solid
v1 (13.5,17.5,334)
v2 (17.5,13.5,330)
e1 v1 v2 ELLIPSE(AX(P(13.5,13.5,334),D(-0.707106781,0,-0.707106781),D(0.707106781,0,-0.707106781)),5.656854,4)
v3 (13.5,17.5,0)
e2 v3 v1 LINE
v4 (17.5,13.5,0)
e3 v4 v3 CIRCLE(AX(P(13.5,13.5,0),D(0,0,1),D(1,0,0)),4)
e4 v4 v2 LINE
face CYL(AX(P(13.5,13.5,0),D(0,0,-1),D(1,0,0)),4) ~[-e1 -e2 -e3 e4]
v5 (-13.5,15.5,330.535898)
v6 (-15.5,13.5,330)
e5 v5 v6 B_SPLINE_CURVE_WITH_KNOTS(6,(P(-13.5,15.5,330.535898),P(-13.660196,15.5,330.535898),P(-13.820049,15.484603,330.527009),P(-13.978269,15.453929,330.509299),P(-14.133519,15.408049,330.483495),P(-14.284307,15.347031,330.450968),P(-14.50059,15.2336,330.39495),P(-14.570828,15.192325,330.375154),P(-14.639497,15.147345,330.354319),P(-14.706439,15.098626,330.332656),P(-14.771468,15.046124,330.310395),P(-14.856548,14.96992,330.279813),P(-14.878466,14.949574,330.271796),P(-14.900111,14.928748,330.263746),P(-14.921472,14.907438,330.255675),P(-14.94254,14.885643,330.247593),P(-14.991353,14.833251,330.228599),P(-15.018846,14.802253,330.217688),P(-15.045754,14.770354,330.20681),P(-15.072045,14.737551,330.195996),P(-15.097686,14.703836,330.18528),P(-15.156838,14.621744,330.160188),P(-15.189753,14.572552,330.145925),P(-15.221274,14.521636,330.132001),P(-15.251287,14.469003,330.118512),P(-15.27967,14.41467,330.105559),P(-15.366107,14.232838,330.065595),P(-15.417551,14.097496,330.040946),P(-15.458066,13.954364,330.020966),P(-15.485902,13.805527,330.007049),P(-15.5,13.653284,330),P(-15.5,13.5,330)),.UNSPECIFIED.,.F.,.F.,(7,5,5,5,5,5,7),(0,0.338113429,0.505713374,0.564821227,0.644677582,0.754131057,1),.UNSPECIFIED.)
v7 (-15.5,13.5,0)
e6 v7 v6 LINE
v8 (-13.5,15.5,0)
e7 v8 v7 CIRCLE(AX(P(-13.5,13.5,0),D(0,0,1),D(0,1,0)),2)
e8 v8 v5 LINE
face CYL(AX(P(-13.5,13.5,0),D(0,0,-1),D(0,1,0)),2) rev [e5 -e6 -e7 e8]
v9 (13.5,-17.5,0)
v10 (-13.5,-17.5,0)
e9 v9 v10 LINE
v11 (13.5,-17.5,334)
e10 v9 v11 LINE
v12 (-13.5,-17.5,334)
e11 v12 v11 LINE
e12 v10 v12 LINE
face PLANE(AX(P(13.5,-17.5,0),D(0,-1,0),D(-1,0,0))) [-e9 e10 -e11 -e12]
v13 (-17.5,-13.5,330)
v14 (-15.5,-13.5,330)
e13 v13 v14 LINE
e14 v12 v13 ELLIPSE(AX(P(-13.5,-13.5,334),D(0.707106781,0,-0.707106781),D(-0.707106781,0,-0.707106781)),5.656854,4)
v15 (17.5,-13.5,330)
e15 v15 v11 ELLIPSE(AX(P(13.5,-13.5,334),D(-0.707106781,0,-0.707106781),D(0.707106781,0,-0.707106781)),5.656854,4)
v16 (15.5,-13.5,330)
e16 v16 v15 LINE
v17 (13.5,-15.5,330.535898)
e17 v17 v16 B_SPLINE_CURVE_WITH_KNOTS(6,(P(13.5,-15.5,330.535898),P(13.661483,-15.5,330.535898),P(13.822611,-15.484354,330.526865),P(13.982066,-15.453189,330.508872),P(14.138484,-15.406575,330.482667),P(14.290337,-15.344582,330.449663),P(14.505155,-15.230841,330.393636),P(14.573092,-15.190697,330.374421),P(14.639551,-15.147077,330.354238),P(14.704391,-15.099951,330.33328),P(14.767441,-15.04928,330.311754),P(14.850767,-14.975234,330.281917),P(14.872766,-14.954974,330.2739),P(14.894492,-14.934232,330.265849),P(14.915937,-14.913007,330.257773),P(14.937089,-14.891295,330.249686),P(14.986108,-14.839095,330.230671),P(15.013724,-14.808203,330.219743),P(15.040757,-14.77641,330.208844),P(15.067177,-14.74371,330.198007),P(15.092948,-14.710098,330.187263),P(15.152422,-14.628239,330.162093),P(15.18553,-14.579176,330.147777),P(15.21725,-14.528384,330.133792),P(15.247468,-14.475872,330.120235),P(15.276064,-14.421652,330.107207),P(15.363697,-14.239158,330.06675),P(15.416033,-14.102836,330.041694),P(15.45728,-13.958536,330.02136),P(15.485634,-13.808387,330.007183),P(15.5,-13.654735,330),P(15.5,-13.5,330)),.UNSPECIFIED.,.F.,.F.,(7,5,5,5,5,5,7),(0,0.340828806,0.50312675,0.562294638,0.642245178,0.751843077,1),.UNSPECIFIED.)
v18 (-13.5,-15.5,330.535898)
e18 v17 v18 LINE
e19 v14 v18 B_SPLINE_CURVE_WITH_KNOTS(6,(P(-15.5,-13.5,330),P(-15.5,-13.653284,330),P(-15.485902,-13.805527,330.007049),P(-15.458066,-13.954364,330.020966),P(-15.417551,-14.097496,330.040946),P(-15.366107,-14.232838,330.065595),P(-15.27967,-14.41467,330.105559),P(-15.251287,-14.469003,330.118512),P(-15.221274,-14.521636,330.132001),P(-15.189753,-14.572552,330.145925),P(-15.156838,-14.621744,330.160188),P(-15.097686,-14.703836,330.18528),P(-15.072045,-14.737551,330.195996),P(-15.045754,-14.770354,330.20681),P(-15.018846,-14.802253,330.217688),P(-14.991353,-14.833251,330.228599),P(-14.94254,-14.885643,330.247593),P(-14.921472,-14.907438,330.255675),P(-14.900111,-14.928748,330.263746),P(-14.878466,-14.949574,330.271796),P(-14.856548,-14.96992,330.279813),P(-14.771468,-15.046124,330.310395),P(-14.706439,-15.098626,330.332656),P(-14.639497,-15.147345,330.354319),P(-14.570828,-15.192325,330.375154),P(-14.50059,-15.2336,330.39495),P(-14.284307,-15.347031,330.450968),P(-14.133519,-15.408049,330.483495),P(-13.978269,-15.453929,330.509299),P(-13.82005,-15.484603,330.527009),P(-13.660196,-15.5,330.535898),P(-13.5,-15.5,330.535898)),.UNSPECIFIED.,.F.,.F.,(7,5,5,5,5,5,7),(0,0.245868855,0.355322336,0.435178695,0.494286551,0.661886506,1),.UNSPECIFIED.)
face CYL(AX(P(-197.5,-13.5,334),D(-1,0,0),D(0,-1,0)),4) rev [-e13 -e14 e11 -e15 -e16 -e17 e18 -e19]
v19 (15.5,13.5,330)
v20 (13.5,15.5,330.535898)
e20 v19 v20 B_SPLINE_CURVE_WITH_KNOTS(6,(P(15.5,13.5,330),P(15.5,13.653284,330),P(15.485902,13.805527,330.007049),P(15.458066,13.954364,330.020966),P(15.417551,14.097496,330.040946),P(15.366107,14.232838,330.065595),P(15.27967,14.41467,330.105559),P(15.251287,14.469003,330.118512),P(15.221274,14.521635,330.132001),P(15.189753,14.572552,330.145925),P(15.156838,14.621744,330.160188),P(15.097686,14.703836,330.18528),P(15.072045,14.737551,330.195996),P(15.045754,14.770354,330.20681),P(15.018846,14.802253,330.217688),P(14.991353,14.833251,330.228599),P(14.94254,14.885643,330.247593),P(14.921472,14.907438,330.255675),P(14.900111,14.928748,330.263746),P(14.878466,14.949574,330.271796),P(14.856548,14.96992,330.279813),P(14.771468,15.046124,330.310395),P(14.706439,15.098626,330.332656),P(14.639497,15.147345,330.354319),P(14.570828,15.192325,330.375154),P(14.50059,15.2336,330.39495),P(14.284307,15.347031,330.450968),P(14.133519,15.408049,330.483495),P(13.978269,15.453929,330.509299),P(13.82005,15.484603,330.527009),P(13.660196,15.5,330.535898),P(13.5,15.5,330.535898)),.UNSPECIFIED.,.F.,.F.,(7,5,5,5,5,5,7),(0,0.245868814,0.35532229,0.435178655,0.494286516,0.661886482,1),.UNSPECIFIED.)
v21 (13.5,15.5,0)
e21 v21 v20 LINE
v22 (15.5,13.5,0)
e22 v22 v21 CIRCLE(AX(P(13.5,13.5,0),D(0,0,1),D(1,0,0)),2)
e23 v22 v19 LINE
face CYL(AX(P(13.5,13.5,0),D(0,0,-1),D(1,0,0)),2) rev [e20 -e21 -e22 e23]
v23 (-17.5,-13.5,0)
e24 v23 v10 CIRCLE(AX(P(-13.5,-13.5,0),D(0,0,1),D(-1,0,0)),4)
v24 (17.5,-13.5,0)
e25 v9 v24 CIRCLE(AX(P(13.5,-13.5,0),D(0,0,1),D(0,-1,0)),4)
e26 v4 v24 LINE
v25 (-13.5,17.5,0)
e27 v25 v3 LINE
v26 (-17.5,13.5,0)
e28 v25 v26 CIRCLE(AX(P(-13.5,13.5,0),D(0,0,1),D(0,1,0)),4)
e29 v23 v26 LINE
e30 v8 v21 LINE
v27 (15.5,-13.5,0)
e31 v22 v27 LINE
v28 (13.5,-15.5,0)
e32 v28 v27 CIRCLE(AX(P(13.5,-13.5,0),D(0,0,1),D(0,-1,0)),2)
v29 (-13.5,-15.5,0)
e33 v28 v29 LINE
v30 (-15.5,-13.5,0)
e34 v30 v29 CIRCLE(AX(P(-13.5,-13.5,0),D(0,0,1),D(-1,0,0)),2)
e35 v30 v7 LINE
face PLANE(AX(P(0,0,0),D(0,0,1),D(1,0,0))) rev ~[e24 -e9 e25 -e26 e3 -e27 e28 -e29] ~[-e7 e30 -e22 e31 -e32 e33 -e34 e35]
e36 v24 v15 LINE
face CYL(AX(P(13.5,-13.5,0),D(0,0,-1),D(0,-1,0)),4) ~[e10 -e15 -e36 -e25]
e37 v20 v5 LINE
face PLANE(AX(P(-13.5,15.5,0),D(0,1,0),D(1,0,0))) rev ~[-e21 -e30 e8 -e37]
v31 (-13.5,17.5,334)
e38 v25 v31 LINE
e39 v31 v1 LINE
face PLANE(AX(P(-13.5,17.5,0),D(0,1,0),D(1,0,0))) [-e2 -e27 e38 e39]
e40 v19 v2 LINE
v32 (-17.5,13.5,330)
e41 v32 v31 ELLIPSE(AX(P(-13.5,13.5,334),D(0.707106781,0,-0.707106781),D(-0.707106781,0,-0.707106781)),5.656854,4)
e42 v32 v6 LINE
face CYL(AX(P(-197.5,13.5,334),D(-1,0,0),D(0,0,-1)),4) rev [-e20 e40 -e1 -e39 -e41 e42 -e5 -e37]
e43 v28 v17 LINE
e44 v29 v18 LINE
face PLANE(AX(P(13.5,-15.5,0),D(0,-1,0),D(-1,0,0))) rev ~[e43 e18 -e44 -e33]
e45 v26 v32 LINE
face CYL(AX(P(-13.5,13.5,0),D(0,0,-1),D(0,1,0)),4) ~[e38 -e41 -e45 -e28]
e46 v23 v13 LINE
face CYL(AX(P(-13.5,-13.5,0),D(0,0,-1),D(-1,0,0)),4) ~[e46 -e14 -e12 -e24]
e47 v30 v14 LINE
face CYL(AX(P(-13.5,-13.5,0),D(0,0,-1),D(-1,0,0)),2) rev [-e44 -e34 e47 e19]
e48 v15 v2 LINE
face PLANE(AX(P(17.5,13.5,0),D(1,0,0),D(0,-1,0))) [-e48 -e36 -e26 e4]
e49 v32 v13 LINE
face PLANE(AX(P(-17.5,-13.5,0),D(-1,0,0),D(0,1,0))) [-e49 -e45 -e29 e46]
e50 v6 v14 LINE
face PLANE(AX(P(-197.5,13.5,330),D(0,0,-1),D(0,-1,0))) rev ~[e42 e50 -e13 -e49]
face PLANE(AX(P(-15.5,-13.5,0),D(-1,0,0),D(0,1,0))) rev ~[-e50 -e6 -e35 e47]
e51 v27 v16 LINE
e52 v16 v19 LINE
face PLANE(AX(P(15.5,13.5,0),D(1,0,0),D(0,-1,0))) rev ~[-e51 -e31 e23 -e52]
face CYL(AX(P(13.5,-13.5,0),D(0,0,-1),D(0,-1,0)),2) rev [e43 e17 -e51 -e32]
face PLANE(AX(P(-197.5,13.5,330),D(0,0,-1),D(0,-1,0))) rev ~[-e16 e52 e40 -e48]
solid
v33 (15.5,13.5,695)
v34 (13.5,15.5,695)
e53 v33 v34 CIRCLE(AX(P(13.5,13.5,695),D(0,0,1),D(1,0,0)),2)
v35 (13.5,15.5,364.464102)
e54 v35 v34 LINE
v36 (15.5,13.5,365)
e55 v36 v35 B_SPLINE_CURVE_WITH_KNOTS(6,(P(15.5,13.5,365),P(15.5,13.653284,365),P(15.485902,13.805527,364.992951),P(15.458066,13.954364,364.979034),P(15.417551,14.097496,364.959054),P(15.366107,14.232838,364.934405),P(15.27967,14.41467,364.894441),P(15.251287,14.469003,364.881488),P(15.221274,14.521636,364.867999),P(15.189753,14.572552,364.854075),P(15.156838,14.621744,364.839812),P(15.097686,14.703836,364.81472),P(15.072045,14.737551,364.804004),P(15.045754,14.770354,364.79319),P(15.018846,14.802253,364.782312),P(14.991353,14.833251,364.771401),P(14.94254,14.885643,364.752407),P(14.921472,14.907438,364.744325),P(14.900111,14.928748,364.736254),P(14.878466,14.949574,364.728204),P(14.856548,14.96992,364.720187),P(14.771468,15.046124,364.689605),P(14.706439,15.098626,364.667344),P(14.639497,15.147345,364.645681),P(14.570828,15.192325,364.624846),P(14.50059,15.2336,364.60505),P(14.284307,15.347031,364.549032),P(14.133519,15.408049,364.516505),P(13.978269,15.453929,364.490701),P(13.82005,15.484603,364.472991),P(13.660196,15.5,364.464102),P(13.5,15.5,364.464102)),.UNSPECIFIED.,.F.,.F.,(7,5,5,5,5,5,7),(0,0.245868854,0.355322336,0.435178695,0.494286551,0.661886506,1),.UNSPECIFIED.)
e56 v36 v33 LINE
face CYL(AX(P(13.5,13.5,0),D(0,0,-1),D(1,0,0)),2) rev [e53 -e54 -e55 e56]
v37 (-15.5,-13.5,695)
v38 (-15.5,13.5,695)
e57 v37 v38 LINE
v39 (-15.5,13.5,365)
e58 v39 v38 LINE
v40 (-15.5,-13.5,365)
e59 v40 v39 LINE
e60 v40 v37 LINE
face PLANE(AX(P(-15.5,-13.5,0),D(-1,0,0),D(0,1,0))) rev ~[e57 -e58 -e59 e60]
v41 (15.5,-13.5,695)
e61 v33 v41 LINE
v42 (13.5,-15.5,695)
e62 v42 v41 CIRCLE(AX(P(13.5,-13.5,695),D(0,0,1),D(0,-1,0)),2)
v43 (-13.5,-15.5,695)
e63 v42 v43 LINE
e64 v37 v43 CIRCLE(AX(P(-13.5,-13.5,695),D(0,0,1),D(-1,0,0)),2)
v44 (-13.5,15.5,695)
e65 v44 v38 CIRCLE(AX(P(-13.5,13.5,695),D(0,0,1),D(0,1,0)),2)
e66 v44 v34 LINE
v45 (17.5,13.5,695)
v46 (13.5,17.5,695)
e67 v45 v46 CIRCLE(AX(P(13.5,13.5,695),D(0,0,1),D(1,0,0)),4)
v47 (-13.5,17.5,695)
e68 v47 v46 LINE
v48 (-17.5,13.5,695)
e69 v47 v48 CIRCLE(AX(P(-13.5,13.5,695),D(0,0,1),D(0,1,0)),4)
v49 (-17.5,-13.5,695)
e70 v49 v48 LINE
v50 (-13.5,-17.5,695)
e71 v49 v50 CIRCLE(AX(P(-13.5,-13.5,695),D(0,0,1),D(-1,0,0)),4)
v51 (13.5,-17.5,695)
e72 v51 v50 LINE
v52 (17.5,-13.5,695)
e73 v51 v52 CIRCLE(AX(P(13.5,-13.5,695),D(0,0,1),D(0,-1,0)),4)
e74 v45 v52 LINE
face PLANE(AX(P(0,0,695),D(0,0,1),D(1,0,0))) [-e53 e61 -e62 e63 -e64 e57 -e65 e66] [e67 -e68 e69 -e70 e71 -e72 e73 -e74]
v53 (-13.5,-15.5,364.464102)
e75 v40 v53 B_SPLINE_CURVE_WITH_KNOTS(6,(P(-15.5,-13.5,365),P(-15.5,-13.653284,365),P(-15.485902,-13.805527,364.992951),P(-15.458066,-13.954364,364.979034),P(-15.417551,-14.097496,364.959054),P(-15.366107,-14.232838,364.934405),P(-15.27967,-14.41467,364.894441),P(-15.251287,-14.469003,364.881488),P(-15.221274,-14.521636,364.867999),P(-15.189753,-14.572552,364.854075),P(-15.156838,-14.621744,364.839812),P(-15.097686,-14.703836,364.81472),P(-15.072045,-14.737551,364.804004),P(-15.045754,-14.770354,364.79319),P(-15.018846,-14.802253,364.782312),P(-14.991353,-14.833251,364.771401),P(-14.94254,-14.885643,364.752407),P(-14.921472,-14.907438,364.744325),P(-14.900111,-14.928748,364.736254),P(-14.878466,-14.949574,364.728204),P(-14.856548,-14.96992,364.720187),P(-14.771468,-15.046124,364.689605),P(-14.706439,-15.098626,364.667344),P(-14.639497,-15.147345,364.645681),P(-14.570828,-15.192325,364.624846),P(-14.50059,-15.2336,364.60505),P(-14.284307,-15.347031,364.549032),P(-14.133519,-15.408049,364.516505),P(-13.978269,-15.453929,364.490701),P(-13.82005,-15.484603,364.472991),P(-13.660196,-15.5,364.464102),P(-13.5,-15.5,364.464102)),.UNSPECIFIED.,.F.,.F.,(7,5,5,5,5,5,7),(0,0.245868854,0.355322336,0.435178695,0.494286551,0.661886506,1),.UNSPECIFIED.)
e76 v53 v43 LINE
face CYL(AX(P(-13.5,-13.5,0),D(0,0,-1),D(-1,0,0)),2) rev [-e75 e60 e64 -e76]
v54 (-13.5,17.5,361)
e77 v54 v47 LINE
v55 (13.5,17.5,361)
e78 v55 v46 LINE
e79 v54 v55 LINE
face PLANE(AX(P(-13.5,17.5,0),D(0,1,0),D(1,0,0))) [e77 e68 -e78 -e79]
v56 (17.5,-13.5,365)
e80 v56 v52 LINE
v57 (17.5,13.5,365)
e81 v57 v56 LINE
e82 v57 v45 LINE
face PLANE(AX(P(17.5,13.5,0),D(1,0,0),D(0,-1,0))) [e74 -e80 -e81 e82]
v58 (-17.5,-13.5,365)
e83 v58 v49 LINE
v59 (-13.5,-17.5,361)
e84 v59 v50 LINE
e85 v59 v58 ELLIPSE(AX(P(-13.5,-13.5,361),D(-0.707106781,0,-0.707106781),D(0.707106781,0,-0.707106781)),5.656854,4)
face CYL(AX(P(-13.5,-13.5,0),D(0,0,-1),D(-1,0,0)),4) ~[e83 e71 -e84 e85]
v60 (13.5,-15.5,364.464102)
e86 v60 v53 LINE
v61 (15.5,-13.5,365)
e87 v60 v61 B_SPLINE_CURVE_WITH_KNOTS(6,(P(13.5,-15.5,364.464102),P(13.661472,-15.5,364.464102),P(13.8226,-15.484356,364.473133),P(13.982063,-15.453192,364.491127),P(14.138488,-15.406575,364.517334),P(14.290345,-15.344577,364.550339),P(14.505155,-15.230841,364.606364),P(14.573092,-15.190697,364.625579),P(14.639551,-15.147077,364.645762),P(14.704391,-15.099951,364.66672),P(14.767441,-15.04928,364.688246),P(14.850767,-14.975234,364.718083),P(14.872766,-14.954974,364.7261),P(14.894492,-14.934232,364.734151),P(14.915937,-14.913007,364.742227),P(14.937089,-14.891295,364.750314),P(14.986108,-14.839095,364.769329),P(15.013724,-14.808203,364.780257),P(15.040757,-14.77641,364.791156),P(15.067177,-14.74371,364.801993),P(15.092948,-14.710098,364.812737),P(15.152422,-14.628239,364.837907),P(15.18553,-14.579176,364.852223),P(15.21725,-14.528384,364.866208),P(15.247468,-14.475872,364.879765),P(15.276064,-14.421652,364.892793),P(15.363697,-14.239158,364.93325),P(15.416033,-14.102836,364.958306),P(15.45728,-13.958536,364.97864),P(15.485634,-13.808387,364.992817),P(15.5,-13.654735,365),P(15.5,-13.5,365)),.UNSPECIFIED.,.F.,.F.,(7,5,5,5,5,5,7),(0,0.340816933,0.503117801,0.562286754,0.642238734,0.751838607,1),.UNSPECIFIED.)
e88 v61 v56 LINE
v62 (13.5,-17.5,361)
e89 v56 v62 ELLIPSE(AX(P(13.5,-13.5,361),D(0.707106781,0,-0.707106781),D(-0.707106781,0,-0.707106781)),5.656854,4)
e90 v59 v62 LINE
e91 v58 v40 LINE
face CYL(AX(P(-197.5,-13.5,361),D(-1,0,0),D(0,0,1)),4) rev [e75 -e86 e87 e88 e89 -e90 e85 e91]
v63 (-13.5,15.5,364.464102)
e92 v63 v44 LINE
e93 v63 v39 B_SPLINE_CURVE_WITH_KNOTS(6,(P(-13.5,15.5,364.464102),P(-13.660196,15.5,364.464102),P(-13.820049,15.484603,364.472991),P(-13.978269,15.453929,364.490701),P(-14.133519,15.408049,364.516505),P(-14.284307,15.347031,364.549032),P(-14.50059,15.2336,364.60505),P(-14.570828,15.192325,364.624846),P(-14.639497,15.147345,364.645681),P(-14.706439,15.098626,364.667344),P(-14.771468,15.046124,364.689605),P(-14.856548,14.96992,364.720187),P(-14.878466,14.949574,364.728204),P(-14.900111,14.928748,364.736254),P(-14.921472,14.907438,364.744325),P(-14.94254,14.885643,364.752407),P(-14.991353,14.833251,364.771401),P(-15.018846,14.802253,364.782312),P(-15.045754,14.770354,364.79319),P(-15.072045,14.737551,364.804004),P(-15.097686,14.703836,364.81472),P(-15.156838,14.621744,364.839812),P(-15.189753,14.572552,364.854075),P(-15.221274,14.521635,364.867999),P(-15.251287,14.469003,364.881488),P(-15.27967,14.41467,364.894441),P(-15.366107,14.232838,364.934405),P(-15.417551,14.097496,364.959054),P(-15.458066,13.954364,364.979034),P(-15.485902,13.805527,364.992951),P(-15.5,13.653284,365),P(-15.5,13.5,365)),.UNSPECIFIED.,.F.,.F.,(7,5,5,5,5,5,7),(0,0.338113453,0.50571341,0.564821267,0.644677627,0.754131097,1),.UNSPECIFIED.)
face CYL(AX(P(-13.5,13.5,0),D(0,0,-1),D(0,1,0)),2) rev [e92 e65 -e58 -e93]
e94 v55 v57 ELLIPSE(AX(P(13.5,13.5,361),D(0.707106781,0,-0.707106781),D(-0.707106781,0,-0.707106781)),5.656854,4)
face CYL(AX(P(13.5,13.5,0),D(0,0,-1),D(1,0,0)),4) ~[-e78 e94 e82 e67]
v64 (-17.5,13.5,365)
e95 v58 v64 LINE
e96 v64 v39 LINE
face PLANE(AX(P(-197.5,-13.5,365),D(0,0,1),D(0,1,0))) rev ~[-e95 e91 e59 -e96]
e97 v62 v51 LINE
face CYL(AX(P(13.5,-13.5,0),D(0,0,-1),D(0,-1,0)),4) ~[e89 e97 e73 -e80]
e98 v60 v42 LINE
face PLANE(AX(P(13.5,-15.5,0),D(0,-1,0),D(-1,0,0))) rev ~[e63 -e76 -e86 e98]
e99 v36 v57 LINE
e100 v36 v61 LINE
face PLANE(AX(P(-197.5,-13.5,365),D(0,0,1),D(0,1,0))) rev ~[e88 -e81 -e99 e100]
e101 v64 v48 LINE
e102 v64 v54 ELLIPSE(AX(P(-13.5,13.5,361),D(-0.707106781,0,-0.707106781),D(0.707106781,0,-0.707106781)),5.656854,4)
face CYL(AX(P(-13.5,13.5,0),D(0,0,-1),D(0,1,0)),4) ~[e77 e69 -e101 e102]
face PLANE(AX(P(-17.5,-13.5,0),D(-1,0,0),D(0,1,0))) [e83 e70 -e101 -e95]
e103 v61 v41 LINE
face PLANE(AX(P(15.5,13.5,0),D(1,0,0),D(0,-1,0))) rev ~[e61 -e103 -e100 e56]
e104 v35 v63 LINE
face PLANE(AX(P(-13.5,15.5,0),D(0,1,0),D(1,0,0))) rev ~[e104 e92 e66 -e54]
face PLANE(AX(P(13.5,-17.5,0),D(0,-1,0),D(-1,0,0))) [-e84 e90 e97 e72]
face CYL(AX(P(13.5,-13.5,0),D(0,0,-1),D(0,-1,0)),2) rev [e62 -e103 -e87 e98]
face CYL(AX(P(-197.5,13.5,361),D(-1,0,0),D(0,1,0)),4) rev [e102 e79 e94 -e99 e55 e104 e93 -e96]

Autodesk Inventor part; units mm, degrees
ref_plane "Start plane" through (0, 0, 0) normal (0, 0, 1) x (1, 0, 0)
ref_plane "End plane" through (0, 0, 695) normal (0, 0, 1) x (1, 0, 0)
sketch "Sketch" plane through (0, 0, 0) normal (0, 0, 1) x (1, 0, 0)
  line L0 (-17.5, -13.5) -> (-17.5, 13.5)
  line L1 (-13.5, 17.5) -> (13.5, 17.5)
  line L2 (17.5, 13.5) -> (17.5, -13.5)
  line L3 (13.5, -17.5) -> (-13.5, -17.5)
  arc A0 (-17.5, -13.5) -> (-13.5, -17.5) centre (-13.5, -13.5) ccw
  arc A1 (-13.5, 17.5) -> (-17.5, 13.5) centre (-13.5, 13.5) ccw
  arc A2 (17.5, 13.5) -> (13.5, 17.5) centre (13.5, 13.5) ccw
  arc A3 (13.5, -17.5) -> (17.5, -13.5) centre (13.5, -13.5) ccw
  arc A4 (-13.5, 15.5) -> (-15.5, 13.5) centre (-13.5, 13.5) ccw
  line L4 (-13.5, 15.5) -> (13.5, 15.5)
  arc A5 (15.5, 13.5) -> (13.5, 15.5) centre (13.5, 13.5) ccw
  line L5 (15.5, 13.5) -> (15.5, -13.5)
  arc A6 (13.5, -15.5) -> (15.5, -13.5) centre (13.5, -13.5) ccw
  line L6 (13.5, -15.5) -> (-13.5, -15.5)
  arc A7 (-15.5, -13.5) -> (-13.5, -15.5) centre (-13.5, -13.5) ccw
  line L7 (-15.5, -13.5) -> (-15.5, 13.5)
  line L8 (0, 25.6598) -> (0, -25.6598) construction
  line L9 (-25.6598, 0) -> (25.6598, 0) construction
  dimension "d7" = 4
  dimension "d10" = 35
  dimension "d11" = 35
  dimension "d12" = 2
  dimension "d15" = 17.5
  dimension "d16" = 17.5
extrude "Body" add sketch "Sketch" along normal up to surface (695 mm away) from surface at 0
sketch "Sketch3" plane through (0, 0, 0) normal (0, 0, 1) x (1, 0, 0)
  line L0 (0, 0) -> (10, 0)
ref_plane "Work Plane3" through (0, 0, 0) normal (0, -1, 0) x (1, 0, 0)
sketch "Sketch4" plane through (0, 0, 0) normal (0, -1, 0) x (1, 0, 0)
  line L0 (-2, 0) -> (12, 0)
  line L1 (-2, 695) -> (12, 695)
  dimension "d18" = 695
ref_plane "Work Plane4" through (-197.5, 0, 347.5) normal (1, 0, 0) x (0, 0, -1)
ref_plane "Work Plane5" through (197.5, 0, 347.5) normal (1, 0, 0) x (0, 0, -1)
ref_plane "Work Plane6" through (0, 0, 347.5) normal (1, 0, 0) x (0, 0, -1)
sketch "Sketch5" plane through (0, 0, 347.5) normal (1, 0, 0) x (0, 0, -1)
  arc A0 (-17.5, -13.5) -> (-13.5, -17.5) centre (-13.5, -13.5) ccw
  line L0 (-17.5, -13.5) -> (-17.5, 13.5)
  arc A1 (-13.5, 17.5) -> (-17.5, 13.5) centre (-13.5, 13.5) ccw
  line L1 (-13.5, 17.5) -> (13.5, 17.5)
  arc A2 (17.5, 13.5) -> (13.5, 17.5) centre (13.5, 13.5) ccw
  line L2 (17.5, 13.5) -> (17.5, -13.5)
  arc A3 (13.5, -17.5) -> (17.5, -13.5) centre (13.5, -13.5) ccw
  line L3 (13.5, -17.5) -> (-13.5, -17.5)
  arc A4 (-13.5, 15.5) -> (-15.5, 13.5) centre (-13.5, 13.5) ccw
  line L4 (-13.5, 15.5) -> (13.5, 15.5)
  arc A5 (15.5, 13.5) -> (13.5, 15.5) centre (13.5, 13.5) ccw
  line L5 (15.5, 13.5) -> (15.5, -13.5)
  arc A6 (13.5, -15.5) -> (15.5, -13.5) centre (13.5, -13.5) ccw
  line L6 (13.5, -15.5) -> (-13.5, -15.5)
  arc A7 (-15.5, -13.5) -> (-13.5, -15.5) centre (-13.5, -13.5) ccw
  line L7 (-15.5, -13.5) -> (-15.5, 13.5)
extrude "Extrusion2" cut sketch "Sketch5" along normal up to surface (395 mm away) from surface at -197.5 contours L0 A1 L1 A2 L2 A3 L3 A0 | L4 A5 L5 A6 L6 A7 L7 A4
equation "\"d7\" = G_IR"
equation "\"d10\" = G_H"
equation "\"d11\" = G_W"
equation "\"d12\" = G_T"
equation "\"d15\" = 0.5 * d10"
equation "\"d16\" = 0.5 * d11"
equation "\"d3\" = G_L"
equation "\"G_W\" = 35"
equation "\"G_H\" = 35"
equation "\"G_T\" = 2"
equation "\"G_IR\" = 4"
equation "\"G_L\" = d18"
equation "\"G_OFFSET_START\" = 0"
equation "\"G_OFFSET_END\" = 0"
equation "\"d14\" = G_OFFSET_END + B_L"
equation "\"B_L\" = 695"
properties part number "AS 1163 - C350L0 35x35x2.0 SHS - 695" material "Steel, Mild"
